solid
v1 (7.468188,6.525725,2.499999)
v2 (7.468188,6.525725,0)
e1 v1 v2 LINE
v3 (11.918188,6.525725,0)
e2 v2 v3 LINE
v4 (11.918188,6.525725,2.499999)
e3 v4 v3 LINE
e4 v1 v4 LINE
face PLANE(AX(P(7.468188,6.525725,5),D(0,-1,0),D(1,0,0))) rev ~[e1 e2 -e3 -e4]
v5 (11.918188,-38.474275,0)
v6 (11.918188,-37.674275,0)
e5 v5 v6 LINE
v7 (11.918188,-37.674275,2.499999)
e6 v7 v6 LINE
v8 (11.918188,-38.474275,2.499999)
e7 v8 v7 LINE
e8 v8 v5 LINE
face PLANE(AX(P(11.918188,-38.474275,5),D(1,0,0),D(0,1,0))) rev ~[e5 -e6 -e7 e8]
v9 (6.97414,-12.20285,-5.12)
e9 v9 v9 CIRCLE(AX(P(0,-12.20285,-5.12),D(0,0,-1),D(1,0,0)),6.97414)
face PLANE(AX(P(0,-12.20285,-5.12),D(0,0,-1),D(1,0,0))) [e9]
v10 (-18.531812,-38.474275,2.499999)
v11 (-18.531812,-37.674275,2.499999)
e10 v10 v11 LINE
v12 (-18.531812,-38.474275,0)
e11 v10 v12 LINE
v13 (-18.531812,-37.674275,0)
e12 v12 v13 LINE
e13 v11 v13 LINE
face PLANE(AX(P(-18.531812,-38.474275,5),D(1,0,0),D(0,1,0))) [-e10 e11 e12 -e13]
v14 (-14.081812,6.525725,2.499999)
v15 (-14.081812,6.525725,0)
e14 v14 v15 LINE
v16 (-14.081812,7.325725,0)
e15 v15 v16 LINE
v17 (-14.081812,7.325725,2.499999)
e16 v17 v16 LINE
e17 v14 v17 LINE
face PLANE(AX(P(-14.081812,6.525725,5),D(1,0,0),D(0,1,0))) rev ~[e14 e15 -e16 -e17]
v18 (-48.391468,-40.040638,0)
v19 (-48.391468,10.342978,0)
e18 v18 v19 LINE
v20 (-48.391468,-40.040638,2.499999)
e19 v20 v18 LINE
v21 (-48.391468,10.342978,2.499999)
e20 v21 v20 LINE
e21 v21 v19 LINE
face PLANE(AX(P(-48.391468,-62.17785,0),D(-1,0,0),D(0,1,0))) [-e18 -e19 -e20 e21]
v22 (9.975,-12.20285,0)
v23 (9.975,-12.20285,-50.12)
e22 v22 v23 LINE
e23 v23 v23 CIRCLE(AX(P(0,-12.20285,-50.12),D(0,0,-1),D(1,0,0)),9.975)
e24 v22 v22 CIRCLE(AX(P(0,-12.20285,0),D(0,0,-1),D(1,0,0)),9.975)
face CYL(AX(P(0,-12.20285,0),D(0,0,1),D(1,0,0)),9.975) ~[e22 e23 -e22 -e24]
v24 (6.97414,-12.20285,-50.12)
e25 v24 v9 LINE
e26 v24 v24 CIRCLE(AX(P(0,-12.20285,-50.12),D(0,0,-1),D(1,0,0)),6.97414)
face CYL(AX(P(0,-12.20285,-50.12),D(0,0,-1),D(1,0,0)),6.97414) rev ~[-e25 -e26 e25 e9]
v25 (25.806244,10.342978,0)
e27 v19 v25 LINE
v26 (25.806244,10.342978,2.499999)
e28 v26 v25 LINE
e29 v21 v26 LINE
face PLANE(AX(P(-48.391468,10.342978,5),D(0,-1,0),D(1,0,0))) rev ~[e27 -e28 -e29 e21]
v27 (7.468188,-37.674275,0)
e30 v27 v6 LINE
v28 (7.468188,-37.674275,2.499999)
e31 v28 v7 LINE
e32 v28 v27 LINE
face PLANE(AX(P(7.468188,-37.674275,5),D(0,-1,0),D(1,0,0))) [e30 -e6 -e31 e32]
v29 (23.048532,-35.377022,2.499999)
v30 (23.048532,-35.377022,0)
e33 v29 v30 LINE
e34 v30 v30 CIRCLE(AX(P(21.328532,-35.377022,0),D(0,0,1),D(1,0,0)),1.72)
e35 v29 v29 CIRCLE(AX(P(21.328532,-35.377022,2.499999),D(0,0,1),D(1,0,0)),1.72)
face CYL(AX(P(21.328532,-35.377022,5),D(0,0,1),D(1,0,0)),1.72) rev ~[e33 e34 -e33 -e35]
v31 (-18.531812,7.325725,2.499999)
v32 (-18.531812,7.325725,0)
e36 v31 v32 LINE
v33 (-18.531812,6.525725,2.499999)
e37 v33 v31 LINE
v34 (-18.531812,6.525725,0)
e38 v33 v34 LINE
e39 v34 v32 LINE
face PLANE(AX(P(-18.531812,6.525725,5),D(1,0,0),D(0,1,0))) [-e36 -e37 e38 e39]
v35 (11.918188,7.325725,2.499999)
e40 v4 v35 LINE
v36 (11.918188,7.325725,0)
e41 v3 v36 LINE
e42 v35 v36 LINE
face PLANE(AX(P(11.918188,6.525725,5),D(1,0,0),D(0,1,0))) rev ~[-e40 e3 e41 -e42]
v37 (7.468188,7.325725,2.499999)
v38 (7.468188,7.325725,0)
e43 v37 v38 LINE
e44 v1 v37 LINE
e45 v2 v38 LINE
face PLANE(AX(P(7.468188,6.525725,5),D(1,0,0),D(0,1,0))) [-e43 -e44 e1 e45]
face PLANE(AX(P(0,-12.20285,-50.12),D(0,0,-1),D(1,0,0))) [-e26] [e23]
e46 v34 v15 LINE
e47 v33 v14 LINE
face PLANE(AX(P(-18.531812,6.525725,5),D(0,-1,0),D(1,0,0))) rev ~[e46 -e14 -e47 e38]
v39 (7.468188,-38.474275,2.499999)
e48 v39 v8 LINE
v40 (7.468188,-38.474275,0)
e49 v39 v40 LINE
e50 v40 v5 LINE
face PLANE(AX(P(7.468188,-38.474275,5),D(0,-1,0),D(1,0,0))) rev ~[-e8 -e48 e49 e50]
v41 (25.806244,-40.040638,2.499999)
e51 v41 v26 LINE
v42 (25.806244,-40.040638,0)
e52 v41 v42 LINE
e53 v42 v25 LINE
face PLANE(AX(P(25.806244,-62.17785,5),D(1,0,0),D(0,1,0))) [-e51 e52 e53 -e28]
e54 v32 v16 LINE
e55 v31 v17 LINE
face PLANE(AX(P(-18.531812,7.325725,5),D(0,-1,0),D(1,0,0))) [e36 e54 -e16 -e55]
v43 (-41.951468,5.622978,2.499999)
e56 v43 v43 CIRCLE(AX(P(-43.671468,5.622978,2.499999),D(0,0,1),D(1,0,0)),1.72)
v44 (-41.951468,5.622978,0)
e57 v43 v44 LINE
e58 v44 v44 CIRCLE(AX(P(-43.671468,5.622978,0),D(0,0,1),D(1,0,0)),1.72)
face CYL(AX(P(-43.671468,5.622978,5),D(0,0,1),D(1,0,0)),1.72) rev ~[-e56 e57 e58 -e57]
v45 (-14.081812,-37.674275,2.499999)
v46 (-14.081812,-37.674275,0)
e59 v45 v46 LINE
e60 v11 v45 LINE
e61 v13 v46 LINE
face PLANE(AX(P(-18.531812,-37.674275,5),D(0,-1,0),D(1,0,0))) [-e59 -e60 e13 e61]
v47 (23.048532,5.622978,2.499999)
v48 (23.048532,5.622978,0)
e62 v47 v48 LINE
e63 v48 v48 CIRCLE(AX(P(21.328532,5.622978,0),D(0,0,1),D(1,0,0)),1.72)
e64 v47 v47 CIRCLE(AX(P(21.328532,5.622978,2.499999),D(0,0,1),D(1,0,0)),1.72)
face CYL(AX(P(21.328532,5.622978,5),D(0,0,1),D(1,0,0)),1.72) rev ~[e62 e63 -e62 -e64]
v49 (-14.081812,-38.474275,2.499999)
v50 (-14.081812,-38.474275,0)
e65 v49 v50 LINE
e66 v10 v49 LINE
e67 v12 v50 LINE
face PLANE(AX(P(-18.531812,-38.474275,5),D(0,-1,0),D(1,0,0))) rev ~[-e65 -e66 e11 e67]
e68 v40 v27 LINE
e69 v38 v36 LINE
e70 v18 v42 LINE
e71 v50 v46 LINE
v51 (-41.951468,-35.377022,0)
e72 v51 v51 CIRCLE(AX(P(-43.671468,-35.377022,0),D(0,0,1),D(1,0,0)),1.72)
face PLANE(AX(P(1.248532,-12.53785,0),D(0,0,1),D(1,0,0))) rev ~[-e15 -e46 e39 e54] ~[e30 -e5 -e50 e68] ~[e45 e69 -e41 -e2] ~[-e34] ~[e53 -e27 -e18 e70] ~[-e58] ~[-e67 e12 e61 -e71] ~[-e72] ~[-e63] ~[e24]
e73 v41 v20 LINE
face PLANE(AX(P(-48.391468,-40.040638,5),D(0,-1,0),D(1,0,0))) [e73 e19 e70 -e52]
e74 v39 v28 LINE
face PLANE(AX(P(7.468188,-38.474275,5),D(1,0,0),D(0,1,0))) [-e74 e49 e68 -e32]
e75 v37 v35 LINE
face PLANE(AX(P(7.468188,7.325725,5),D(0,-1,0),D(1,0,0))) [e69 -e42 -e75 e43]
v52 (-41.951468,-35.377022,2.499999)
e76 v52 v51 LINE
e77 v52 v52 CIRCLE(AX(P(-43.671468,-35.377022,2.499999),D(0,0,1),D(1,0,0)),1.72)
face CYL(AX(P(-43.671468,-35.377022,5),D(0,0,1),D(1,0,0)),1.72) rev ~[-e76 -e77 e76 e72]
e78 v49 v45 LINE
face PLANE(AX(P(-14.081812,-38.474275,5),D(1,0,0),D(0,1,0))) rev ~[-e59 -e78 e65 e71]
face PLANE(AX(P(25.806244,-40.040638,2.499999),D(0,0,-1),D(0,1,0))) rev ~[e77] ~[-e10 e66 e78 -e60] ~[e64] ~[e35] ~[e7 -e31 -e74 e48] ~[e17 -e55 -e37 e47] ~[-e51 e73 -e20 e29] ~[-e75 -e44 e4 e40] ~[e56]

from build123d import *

# Parameters (mm, degrees)
F0_W      = 99.28
F0_H      = 99.28
F1_DEPTH  = 5
F2_R      = 9.975
F3_DEPTH  = 50.12
F4_R      = 6.97414
F5_DEPTH  = 45
F6_W      = 10.15
F6_H      = 33.35
F7_DEPTH  = 51.54
F8_W      = 19.84
F8_H      = 17.26
F9_DEPTH  = 30.101
F10_R     = 1.715
F11_DEPTH = 30.101
F12_W     = 99.28
F12_H     = 26.759172
F13_DEPTH = 55.121
F14_W     = 25.082288
F14_H     = 72.520828
F15_DEPTH = 55.121
F16_W     = 74.197712
F16_H     = 22.137212
F17_DEPTH = 55.121
F18_R     = 1.715
F19_DEPTH = 30.101
F20_W     = 4.45
F20_H     = 0.8
F21_DEPTH = 55.121
F22_R     = 1.72
F23_DEPTH = 55.121
F24_W     = 52.245434
F24_H     = 58.427127
F25_DEPTH = 74.198713


with BuildPart() as f1:
    # F0 (on Top) → F1 (new body)
    with BuildSketch(Plane.XY):
        with Locations((1.248532, -12.53785)):
            Rectangle(F0_W, F0_H)
    extrude(amount=F1_DEPTH)

    # F2 (on face) → F3 (join)
    with BuildSketch(Plane(origin=(0, 0, 0), x_dir=(1, 0, 0), z_dir=(0, 0, -1))):
        with Locations((0, 12.20285)):
            Circle(F2_R)
    extrude(amount=F3_DEPTH)

    # F4 (on face) → F5 (cut)
    with BuildSketch(Plane(origin=(0, 0, -50.12), x_dir=(1, 0, 0), z_dir=(0, 0, -1))):
        with Locations((0, 12.20285)):
            Circle(F4_R)
    extrude(amount=-F5_DEPTH, mode=Mode.SUBTRACT)

    # F6 (on face) → F7 (join)
    with BuildSketch(Plane.XY.offset(5)):
        with Locations((-23.366468, -12.46285)):
            Rectangle(F6_W, F6_H)
    extrude(amount=F7_DEPTH)

    # F8 (on face) → F9 (cut, through all)
    with BuildSketch(Plane.YZ.offset(-18.291468)):
        with Locations((-12.51785, 47.91)):
            Rectangle(F8_W, F8_H)
    extrude(amount=-F9_DEPTH, mode=Mode.SUBTRACT)

    # F10 (on face) → F11 (cut, through all)
    with BuildSketch(Plane.YZ.offset(-18.291468)):
        with Locations((-25.66285, 52.125)):
            Circle(F10_R)
        with Locations((-25.66285, 47.205)):
            Circle(F10_R)
    extrude(amount=-F11_DEPTH, mode=Mode.SUBTRACT)

    # F12 (on face) → F13 (cut, through all)
    with BuildSketch(Plane.XY.offset(5)):
        with Locations((1.248532, 23.722564)):
            Rectangle(F12_W, F12_H)
    extrude(amount=-F13_DEPTH, mode=Mode.SUBTRACT)

    # F14 (on face) → F15 (cut, through all)
    with BuildSketch(Plane.XY.offset(5)):
        with Locations((38.347388, -25.917436)):
            Rectangle(F14_W, F14_H)
    extrude(amount=-F15_DEPTH, mode=Mode.SUBTRACT)

    # F16 (on face) → F17 (cut, through all)
    with BuildSketch(Plane.XY.offset(5)):
        with Locations((-11.292612, -51.109244)):
            Rectangle(F16_W, F16_H)
    extrude(amount=-F17_DEPTH, mode=Mode.SUBTRACT)

    # F18 (on face) → F19 (cut, through all)
    with BuildSketch(Plane.YZ.offset(-18.291468)):
        with Locations((0.73715, 52.125)):
            Circle(F18_R)
        with Locations((0.73715, 47.205)):
            Circle(F18_R)
    extrude(amount=-F19_DEPTH, mode=Mode.SUBTRACT)

    # F20 (on face) → F21 (cut, through all)
    with BuildSketch(Plane.XY.offset(5)):
        with Locations((-16.306812, -38.074275)):
            Rectangle(F20_W, F20_H)
        with Locations((-16.306812, 6.925725)):
            Rectangle(F20_W, F20_H)
        with Locations((9.693188, -38.074275)):
            Rectangle(F20_W, F20_H)
        with Locations((9.693188, 6.925725)):
            Rectangle(F20_W, F20_H)
    extrude(amount=-F21_DEPTH, mode=Mode.SUBTRACT)

    # F22 (on face) → F23 (cut, through all)
    with BuildSketch(Plane.XY.offset(5)):
        with Locations((-43.671468, 5.622978)):
            Circle(F22_R)
        with Locations((-43.671468, -35.377022)):
            Circle(F22_R)
        with Locations((21.328532, 5.622978)):
            Circle(F22_R)
        with Locations((21.328532, -35.377022)):
            Circle(F22_R)
    extrude(amount=-F23_DEPTH, mode=Mode.SUBTRACT)

    # F24 (on face) → F25 (cut, through all)
    with BuildSketch(Plane.YZ.offset(25.806244)):
        with Locations((-13.917921, 31.713563)):
            Rectangle(F24_W, F24_H)
    extrude(amount=-F25_DEPTH, mode=Mode.SUBTRACT)


solid = f1.part
